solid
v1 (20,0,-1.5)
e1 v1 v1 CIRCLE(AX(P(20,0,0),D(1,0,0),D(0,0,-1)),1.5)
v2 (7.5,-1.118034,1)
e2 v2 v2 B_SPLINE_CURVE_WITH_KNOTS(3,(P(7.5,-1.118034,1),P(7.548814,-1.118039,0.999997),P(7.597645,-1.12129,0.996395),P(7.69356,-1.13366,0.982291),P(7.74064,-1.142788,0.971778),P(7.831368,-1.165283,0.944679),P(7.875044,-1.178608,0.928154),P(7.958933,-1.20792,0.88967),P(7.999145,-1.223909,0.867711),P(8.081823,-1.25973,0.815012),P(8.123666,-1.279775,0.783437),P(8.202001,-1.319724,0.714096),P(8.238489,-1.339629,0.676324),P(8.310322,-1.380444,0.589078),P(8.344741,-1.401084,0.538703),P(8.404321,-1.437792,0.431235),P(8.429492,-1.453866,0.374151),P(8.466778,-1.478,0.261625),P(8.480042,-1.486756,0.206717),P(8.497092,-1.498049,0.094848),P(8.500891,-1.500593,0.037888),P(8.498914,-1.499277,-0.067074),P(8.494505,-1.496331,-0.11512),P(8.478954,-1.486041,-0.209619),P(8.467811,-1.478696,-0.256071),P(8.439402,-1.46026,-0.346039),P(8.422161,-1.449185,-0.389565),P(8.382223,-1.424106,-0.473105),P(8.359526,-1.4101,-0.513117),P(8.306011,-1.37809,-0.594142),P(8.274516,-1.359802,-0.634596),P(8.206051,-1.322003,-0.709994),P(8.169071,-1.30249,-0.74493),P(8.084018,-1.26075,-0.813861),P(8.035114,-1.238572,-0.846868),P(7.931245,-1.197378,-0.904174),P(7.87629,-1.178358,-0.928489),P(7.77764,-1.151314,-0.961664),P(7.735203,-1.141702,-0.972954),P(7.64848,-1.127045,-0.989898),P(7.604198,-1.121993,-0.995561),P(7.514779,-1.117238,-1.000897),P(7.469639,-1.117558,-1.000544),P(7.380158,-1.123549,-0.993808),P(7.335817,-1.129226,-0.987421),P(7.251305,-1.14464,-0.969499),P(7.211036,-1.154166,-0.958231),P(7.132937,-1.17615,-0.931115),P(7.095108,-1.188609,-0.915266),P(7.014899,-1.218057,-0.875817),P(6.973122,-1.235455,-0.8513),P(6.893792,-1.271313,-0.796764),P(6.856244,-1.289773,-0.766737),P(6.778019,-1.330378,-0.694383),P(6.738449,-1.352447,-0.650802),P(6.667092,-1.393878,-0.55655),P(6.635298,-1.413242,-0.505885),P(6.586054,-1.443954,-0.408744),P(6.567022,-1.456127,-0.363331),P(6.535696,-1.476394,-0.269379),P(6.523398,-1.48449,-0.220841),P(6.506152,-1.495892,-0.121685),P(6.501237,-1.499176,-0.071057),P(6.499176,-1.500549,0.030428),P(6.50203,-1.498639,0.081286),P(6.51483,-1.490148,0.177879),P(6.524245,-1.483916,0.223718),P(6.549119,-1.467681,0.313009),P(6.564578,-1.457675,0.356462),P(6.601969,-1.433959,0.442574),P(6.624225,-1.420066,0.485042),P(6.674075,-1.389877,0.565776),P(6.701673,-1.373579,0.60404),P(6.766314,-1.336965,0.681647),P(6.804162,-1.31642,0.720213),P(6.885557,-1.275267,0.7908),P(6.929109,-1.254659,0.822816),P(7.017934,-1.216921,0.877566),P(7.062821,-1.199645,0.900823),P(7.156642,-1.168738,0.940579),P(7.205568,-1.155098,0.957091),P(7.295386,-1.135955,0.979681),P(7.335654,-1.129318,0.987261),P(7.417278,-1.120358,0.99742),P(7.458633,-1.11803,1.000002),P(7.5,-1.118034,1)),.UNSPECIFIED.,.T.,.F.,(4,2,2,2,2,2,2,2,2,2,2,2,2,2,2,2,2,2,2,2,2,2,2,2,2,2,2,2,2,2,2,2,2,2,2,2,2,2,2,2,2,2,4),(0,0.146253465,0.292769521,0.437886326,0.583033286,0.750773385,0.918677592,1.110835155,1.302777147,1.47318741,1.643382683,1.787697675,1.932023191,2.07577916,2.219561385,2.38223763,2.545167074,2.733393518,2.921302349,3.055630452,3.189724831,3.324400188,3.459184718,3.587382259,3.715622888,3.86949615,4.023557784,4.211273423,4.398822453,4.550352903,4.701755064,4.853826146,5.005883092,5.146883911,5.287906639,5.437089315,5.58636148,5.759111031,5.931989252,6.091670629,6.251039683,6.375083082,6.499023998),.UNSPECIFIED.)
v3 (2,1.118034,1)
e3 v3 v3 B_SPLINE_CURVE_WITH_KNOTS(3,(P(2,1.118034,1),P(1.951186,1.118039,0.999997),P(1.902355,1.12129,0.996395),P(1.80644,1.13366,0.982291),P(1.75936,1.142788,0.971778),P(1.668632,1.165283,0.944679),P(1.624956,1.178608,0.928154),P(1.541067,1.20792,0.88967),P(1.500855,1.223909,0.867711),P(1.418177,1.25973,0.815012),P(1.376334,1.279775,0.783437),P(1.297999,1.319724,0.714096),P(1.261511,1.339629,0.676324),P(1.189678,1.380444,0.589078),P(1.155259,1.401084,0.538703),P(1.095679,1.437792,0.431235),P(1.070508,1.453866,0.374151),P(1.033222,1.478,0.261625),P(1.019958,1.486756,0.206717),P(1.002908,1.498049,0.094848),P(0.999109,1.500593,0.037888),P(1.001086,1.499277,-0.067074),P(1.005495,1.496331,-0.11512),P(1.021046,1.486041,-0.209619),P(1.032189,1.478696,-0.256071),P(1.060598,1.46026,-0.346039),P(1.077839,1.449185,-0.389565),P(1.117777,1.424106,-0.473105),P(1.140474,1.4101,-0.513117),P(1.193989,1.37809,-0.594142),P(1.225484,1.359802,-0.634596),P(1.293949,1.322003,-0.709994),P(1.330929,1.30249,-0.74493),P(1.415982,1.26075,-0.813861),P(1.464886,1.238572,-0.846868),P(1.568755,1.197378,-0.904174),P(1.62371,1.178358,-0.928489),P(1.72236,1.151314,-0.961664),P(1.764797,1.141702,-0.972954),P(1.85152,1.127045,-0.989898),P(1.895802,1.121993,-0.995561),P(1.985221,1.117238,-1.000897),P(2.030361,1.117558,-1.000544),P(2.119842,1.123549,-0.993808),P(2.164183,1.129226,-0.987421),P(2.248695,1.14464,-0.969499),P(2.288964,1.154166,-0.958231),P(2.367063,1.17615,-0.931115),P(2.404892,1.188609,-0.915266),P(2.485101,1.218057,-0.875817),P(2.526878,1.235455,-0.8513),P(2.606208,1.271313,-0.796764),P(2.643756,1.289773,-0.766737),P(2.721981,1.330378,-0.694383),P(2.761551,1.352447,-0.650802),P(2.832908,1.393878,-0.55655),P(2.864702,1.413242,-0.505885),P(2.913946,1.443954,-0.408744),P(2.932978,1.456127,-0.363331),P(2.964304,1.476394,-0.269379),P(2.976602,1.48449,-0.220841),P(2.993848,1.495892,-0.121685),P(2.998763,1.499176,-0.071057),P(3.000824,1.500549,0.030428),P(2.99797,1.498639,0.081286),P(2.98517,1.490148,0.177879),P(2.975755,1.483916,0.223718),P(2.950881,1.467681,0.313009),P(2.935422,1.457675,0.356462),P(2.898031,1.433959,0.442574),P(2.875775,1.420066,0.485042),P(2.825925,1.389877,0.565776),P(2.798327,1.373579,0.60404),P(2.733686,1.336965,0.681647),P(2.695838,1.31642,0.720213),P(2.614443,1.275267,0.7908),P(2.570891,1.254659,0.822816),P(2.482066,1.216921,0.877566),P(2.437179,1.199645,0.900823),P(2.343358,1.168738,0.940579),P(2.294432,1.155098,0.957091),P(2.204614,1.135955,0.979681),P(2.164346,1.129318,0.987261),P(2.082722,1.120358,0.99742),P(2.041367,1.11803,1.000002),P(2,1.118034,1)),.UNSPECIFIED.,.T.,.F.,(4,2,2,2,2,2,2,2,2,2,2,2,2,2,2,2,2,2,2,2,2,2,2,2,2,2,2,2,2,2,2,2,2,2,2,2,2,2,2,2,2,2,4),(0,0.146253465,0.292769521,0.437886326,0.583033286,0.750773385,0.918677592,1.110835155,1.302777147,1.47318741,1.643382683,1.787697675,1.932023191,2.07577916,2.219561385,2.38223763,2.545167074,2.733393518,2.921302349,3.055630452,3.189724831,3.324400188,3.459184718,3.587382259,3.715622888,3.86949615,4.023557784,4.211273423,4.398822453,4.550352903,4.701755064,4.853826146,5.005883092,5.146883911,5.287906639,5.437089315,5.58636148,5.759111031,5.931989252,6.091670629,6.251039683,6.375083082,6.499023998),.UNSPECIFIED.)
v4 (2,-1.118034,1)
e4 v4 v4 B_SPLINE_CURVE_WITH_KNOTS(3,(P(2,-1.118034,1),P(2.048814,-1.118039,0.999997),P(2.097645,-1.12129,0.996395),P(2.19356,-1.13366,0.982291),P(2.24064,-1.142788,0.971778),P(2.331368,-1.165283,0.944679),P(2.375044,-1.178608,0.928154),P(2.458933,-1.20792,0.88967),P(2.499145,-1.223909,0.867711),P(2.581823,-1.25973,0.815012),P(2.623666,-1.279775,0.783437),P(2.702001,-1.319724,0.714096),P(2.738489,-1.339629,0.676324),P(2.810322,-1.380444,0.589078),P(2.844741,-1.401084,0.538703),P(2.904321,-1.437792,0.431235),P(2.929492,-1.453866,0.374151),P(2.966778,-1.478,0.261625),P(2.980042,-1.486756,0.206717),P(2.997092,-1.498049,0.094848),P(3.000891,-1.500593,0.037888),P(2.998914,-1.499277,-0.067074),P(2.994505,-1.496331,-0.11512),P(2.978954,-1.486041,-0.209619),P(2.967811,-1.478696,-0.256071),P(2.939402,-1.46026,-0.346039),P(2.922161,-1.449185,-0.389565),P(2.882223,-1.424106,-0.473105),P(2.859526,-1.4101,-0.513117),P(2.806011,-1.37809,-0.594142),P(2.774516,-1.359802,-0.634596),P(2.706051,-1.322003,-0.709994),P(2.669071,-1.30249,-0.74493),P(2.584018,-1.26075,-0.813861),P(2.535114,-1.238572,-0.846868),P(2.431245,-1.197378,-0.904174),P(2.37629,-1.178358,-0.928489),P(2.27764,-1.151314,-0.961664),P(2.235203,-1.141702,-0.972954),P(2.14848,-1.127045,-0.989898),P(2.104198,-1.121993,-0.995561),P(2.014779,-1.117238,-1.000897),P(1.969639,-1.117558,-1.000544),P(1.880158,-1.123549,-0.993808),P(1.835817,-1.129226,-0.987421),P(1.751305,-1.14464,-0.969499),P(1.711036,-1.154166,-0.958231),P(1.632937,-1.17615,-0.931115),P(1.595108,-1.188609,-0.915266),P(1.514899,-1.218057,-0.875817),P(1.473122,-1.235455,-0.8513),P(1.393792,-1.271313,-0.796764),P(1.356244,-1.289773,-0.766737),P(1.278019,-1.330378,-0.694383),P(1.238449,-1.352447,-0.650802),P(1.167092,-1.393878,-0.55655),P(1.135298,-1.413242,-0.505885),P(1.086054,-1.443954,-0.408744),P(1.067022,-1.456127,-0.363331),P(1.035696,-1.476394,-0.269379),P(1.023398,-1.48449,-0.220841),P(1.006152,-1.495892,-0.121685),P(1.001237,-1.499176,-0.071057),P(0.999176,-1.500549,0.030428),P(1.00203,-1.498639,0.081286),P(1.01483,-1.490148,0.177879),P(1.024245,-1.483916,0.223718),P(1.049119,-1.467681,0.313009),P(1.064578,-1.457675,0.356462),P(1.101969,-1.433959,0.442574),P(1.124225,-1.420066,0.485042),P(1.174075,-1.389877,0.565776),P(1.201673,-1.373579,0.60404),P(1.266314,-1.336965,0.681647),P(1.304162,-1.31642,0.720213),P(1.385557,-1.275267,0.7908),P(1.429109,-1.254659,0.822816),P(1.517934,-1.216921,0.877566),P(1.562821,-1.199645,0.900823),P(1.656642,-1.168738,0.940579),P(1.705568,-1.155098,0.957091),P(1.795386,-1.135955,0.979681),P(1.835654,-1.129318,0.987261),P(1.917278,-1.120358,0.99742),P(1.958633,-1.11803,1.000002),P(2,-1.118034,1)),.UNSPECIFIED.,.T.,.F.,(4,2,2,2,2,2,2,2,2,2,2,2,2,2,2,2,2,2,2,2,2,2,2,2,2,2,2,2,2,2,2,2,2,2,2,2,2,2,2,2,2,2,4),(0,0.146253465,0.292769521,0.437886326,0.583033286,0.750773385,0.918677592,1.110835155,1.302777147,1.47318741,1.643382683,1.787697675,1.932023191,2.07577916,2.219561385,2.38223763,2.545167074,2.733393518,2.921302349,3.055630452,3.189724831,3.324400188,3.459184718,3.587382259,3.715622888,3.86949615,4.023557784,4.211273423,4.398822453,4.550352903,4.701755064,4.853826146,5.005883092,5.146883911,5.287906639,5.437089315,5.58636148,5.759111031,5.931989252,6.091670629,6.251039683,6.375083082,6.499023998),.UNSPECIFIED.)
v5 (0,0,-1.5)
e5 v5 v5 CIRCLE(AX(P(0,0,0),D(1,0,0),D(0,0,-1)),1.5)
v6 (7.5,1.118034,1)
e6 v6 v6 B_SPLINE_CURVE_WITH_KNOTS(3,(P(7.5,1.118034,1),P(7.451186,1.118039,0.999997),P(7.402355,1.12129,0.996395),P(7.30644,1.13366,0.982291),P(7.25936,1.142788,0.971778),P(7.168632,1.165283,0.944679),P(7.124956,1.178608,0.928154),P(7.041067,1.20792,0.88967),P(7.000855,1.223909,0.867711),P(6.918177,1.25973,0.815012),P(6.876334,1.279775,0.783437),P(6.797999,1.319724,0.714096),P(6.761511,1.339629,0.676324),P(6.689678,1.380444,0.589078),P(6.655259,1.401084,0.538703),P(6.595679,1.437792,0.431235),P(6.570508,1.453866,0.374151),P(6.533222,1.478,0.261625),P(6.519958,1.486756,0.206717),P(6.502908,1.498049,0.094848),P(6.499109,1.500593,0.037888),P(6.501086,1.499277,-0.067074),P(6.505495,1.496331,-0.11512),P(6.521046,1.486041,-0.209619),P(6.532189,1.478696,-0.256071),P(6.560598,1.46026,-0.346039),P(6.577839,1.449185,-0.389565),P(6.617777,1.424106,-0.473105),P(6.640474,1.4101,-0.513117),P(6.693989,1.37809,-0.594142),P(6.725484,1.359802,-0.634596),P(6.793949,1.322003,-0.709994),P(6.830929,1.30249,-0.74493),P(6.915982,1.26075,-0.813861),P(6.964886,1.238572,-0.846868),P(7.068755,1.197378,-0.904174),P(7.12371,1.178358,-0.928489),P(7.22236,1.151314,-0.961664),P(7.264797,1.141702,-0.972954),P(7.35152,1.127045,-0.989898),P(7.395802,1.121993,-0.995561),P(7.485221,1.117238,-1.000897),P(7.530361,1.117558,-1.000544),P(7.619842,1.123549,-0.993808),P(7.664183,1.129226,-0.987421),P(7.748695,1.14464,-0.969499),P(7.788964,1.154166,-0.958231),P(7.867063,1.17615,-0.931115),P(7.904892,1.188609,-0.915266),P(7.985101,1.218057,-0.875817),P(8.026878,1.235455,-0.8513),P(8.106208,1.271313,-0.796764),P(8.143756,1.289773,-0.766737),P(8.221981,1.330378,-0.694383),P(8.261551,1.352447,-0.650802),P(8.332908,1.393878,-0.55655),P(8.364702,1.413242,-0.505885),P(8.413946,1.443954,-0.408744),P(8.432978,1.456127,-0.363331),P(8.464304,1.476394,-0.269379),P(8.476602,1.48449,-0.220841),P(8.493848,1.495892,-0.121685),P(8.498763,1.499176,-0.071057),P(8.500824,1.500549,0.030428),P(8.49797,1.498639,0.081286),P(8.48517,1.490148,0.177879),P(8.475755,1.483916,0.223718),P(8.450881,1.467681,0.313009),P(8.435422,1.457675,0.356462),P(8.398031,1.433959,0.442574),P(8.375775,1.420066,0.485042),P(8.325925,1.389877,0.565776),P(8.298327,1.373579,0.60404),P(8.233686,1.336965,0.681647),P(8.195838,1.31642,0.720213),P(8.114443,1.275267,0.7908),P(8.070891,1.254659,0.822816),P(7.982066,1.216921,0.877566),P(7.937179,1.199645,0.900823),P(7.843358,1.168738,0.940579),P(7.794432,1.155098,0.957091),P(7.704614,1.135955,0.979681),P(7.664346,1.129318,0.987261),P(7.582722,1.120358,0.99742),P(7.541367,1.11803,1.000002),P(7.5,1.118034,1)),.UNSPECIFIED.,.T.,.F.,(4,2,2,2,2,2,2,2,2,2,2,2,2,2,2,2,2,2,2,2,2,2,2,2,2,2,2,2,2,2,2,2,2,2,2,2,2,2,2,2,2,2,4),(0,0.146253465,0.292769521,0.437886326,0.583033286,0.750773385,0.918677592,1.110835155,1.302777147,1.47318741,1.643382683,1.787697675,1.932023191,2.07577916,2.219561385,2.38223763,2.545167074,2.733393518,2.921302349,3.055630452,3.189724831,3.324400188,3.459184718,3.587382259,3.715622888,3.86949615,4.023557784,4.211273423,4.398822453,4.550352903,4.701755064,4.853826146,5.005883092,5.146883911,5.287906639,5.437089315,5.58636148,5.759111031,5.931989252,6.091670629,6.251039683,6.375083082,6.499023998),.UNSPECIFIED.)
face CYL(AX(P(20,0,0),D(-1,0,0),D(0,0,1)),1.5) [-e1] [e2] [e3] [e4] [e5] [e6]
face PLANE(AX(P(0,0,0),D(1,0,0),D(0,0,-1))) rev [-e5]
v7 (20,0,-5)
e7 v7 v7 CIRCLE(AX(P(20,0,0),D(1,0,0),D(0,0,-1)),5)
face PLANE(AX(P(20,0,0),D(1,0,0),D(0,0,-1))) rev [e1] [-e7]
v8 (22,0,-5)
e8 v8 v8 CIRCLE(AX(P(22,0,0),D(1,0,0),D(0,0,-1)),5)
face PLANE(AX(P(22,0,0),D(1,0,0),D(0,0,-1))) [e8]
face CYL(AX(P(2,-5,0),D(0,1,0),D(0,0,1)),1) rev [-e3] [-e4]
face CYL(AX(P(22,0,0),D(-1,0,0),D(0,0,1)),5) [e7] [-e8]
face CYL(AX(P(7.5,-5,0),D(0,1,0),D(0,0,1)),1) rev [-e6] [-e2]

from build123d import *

# Parameters (mm, degrees)
SKETCH1_R               = 1.5
BOSS_EXTRUDE4_DEPTH     = 20
SKETCH5_R               = 5
BOSS_EXTRUDE5_DEPTH     = 2
CUT_EXTRUDE1_DEPTH      = 24.108440017
CUT_EXTRUDE1_DEPTH_BACK = 24.108440017
SKETCH6_R               = 1


with BuildPart() as part:
    # Sketch1 → Boss-Extrude4 (new body)
    with BuildSketch(Plane(origin=(0, 0, 0), x_dir=(0, 0, -1), z_dir=(1, 0, 0))):
        Circle(SKETCH1_R)
    extrude(amount=BOSS_EXTRUDE4_DEPTH)

    # Sketch5 → Boss-Extrude5 (add)
    with BuildSketch(Plane(origin=(20, 0, 0), x_dir=(0, 0, -1), z_dir=(1, 0, 0))):
        Circle(SKETCH5_R)
    extrude(amount=BOSS_EXTRUDE5_DEPTH)

    # Sketch6 → Cut-Extrude1 (cut, two sides: drawn at the far end of the back side and taken through both)
    with BuildSketch(Plane(origin=(0, 0, 0), x_dir=(1, 0, 0), z_dir=(0, 1, 0)).offset(-CUT_EXTRUDE1_DEPTH_BACK)):
        with Locations(Location((2, 0, 0), (0, 0, 270))):
            Circle(SKETCH6_R)
        with Locations(Location((7.5, 0, 0), (0, 0, 270))):
            Circle(SKETCH6_R)
    extrude(amount=CUT_EXTRUDE1_DEPTH + CUT_EXTRUDE1_DEPTH_BACK, mode=Mode.SUBTRACT)


solid = part.part
